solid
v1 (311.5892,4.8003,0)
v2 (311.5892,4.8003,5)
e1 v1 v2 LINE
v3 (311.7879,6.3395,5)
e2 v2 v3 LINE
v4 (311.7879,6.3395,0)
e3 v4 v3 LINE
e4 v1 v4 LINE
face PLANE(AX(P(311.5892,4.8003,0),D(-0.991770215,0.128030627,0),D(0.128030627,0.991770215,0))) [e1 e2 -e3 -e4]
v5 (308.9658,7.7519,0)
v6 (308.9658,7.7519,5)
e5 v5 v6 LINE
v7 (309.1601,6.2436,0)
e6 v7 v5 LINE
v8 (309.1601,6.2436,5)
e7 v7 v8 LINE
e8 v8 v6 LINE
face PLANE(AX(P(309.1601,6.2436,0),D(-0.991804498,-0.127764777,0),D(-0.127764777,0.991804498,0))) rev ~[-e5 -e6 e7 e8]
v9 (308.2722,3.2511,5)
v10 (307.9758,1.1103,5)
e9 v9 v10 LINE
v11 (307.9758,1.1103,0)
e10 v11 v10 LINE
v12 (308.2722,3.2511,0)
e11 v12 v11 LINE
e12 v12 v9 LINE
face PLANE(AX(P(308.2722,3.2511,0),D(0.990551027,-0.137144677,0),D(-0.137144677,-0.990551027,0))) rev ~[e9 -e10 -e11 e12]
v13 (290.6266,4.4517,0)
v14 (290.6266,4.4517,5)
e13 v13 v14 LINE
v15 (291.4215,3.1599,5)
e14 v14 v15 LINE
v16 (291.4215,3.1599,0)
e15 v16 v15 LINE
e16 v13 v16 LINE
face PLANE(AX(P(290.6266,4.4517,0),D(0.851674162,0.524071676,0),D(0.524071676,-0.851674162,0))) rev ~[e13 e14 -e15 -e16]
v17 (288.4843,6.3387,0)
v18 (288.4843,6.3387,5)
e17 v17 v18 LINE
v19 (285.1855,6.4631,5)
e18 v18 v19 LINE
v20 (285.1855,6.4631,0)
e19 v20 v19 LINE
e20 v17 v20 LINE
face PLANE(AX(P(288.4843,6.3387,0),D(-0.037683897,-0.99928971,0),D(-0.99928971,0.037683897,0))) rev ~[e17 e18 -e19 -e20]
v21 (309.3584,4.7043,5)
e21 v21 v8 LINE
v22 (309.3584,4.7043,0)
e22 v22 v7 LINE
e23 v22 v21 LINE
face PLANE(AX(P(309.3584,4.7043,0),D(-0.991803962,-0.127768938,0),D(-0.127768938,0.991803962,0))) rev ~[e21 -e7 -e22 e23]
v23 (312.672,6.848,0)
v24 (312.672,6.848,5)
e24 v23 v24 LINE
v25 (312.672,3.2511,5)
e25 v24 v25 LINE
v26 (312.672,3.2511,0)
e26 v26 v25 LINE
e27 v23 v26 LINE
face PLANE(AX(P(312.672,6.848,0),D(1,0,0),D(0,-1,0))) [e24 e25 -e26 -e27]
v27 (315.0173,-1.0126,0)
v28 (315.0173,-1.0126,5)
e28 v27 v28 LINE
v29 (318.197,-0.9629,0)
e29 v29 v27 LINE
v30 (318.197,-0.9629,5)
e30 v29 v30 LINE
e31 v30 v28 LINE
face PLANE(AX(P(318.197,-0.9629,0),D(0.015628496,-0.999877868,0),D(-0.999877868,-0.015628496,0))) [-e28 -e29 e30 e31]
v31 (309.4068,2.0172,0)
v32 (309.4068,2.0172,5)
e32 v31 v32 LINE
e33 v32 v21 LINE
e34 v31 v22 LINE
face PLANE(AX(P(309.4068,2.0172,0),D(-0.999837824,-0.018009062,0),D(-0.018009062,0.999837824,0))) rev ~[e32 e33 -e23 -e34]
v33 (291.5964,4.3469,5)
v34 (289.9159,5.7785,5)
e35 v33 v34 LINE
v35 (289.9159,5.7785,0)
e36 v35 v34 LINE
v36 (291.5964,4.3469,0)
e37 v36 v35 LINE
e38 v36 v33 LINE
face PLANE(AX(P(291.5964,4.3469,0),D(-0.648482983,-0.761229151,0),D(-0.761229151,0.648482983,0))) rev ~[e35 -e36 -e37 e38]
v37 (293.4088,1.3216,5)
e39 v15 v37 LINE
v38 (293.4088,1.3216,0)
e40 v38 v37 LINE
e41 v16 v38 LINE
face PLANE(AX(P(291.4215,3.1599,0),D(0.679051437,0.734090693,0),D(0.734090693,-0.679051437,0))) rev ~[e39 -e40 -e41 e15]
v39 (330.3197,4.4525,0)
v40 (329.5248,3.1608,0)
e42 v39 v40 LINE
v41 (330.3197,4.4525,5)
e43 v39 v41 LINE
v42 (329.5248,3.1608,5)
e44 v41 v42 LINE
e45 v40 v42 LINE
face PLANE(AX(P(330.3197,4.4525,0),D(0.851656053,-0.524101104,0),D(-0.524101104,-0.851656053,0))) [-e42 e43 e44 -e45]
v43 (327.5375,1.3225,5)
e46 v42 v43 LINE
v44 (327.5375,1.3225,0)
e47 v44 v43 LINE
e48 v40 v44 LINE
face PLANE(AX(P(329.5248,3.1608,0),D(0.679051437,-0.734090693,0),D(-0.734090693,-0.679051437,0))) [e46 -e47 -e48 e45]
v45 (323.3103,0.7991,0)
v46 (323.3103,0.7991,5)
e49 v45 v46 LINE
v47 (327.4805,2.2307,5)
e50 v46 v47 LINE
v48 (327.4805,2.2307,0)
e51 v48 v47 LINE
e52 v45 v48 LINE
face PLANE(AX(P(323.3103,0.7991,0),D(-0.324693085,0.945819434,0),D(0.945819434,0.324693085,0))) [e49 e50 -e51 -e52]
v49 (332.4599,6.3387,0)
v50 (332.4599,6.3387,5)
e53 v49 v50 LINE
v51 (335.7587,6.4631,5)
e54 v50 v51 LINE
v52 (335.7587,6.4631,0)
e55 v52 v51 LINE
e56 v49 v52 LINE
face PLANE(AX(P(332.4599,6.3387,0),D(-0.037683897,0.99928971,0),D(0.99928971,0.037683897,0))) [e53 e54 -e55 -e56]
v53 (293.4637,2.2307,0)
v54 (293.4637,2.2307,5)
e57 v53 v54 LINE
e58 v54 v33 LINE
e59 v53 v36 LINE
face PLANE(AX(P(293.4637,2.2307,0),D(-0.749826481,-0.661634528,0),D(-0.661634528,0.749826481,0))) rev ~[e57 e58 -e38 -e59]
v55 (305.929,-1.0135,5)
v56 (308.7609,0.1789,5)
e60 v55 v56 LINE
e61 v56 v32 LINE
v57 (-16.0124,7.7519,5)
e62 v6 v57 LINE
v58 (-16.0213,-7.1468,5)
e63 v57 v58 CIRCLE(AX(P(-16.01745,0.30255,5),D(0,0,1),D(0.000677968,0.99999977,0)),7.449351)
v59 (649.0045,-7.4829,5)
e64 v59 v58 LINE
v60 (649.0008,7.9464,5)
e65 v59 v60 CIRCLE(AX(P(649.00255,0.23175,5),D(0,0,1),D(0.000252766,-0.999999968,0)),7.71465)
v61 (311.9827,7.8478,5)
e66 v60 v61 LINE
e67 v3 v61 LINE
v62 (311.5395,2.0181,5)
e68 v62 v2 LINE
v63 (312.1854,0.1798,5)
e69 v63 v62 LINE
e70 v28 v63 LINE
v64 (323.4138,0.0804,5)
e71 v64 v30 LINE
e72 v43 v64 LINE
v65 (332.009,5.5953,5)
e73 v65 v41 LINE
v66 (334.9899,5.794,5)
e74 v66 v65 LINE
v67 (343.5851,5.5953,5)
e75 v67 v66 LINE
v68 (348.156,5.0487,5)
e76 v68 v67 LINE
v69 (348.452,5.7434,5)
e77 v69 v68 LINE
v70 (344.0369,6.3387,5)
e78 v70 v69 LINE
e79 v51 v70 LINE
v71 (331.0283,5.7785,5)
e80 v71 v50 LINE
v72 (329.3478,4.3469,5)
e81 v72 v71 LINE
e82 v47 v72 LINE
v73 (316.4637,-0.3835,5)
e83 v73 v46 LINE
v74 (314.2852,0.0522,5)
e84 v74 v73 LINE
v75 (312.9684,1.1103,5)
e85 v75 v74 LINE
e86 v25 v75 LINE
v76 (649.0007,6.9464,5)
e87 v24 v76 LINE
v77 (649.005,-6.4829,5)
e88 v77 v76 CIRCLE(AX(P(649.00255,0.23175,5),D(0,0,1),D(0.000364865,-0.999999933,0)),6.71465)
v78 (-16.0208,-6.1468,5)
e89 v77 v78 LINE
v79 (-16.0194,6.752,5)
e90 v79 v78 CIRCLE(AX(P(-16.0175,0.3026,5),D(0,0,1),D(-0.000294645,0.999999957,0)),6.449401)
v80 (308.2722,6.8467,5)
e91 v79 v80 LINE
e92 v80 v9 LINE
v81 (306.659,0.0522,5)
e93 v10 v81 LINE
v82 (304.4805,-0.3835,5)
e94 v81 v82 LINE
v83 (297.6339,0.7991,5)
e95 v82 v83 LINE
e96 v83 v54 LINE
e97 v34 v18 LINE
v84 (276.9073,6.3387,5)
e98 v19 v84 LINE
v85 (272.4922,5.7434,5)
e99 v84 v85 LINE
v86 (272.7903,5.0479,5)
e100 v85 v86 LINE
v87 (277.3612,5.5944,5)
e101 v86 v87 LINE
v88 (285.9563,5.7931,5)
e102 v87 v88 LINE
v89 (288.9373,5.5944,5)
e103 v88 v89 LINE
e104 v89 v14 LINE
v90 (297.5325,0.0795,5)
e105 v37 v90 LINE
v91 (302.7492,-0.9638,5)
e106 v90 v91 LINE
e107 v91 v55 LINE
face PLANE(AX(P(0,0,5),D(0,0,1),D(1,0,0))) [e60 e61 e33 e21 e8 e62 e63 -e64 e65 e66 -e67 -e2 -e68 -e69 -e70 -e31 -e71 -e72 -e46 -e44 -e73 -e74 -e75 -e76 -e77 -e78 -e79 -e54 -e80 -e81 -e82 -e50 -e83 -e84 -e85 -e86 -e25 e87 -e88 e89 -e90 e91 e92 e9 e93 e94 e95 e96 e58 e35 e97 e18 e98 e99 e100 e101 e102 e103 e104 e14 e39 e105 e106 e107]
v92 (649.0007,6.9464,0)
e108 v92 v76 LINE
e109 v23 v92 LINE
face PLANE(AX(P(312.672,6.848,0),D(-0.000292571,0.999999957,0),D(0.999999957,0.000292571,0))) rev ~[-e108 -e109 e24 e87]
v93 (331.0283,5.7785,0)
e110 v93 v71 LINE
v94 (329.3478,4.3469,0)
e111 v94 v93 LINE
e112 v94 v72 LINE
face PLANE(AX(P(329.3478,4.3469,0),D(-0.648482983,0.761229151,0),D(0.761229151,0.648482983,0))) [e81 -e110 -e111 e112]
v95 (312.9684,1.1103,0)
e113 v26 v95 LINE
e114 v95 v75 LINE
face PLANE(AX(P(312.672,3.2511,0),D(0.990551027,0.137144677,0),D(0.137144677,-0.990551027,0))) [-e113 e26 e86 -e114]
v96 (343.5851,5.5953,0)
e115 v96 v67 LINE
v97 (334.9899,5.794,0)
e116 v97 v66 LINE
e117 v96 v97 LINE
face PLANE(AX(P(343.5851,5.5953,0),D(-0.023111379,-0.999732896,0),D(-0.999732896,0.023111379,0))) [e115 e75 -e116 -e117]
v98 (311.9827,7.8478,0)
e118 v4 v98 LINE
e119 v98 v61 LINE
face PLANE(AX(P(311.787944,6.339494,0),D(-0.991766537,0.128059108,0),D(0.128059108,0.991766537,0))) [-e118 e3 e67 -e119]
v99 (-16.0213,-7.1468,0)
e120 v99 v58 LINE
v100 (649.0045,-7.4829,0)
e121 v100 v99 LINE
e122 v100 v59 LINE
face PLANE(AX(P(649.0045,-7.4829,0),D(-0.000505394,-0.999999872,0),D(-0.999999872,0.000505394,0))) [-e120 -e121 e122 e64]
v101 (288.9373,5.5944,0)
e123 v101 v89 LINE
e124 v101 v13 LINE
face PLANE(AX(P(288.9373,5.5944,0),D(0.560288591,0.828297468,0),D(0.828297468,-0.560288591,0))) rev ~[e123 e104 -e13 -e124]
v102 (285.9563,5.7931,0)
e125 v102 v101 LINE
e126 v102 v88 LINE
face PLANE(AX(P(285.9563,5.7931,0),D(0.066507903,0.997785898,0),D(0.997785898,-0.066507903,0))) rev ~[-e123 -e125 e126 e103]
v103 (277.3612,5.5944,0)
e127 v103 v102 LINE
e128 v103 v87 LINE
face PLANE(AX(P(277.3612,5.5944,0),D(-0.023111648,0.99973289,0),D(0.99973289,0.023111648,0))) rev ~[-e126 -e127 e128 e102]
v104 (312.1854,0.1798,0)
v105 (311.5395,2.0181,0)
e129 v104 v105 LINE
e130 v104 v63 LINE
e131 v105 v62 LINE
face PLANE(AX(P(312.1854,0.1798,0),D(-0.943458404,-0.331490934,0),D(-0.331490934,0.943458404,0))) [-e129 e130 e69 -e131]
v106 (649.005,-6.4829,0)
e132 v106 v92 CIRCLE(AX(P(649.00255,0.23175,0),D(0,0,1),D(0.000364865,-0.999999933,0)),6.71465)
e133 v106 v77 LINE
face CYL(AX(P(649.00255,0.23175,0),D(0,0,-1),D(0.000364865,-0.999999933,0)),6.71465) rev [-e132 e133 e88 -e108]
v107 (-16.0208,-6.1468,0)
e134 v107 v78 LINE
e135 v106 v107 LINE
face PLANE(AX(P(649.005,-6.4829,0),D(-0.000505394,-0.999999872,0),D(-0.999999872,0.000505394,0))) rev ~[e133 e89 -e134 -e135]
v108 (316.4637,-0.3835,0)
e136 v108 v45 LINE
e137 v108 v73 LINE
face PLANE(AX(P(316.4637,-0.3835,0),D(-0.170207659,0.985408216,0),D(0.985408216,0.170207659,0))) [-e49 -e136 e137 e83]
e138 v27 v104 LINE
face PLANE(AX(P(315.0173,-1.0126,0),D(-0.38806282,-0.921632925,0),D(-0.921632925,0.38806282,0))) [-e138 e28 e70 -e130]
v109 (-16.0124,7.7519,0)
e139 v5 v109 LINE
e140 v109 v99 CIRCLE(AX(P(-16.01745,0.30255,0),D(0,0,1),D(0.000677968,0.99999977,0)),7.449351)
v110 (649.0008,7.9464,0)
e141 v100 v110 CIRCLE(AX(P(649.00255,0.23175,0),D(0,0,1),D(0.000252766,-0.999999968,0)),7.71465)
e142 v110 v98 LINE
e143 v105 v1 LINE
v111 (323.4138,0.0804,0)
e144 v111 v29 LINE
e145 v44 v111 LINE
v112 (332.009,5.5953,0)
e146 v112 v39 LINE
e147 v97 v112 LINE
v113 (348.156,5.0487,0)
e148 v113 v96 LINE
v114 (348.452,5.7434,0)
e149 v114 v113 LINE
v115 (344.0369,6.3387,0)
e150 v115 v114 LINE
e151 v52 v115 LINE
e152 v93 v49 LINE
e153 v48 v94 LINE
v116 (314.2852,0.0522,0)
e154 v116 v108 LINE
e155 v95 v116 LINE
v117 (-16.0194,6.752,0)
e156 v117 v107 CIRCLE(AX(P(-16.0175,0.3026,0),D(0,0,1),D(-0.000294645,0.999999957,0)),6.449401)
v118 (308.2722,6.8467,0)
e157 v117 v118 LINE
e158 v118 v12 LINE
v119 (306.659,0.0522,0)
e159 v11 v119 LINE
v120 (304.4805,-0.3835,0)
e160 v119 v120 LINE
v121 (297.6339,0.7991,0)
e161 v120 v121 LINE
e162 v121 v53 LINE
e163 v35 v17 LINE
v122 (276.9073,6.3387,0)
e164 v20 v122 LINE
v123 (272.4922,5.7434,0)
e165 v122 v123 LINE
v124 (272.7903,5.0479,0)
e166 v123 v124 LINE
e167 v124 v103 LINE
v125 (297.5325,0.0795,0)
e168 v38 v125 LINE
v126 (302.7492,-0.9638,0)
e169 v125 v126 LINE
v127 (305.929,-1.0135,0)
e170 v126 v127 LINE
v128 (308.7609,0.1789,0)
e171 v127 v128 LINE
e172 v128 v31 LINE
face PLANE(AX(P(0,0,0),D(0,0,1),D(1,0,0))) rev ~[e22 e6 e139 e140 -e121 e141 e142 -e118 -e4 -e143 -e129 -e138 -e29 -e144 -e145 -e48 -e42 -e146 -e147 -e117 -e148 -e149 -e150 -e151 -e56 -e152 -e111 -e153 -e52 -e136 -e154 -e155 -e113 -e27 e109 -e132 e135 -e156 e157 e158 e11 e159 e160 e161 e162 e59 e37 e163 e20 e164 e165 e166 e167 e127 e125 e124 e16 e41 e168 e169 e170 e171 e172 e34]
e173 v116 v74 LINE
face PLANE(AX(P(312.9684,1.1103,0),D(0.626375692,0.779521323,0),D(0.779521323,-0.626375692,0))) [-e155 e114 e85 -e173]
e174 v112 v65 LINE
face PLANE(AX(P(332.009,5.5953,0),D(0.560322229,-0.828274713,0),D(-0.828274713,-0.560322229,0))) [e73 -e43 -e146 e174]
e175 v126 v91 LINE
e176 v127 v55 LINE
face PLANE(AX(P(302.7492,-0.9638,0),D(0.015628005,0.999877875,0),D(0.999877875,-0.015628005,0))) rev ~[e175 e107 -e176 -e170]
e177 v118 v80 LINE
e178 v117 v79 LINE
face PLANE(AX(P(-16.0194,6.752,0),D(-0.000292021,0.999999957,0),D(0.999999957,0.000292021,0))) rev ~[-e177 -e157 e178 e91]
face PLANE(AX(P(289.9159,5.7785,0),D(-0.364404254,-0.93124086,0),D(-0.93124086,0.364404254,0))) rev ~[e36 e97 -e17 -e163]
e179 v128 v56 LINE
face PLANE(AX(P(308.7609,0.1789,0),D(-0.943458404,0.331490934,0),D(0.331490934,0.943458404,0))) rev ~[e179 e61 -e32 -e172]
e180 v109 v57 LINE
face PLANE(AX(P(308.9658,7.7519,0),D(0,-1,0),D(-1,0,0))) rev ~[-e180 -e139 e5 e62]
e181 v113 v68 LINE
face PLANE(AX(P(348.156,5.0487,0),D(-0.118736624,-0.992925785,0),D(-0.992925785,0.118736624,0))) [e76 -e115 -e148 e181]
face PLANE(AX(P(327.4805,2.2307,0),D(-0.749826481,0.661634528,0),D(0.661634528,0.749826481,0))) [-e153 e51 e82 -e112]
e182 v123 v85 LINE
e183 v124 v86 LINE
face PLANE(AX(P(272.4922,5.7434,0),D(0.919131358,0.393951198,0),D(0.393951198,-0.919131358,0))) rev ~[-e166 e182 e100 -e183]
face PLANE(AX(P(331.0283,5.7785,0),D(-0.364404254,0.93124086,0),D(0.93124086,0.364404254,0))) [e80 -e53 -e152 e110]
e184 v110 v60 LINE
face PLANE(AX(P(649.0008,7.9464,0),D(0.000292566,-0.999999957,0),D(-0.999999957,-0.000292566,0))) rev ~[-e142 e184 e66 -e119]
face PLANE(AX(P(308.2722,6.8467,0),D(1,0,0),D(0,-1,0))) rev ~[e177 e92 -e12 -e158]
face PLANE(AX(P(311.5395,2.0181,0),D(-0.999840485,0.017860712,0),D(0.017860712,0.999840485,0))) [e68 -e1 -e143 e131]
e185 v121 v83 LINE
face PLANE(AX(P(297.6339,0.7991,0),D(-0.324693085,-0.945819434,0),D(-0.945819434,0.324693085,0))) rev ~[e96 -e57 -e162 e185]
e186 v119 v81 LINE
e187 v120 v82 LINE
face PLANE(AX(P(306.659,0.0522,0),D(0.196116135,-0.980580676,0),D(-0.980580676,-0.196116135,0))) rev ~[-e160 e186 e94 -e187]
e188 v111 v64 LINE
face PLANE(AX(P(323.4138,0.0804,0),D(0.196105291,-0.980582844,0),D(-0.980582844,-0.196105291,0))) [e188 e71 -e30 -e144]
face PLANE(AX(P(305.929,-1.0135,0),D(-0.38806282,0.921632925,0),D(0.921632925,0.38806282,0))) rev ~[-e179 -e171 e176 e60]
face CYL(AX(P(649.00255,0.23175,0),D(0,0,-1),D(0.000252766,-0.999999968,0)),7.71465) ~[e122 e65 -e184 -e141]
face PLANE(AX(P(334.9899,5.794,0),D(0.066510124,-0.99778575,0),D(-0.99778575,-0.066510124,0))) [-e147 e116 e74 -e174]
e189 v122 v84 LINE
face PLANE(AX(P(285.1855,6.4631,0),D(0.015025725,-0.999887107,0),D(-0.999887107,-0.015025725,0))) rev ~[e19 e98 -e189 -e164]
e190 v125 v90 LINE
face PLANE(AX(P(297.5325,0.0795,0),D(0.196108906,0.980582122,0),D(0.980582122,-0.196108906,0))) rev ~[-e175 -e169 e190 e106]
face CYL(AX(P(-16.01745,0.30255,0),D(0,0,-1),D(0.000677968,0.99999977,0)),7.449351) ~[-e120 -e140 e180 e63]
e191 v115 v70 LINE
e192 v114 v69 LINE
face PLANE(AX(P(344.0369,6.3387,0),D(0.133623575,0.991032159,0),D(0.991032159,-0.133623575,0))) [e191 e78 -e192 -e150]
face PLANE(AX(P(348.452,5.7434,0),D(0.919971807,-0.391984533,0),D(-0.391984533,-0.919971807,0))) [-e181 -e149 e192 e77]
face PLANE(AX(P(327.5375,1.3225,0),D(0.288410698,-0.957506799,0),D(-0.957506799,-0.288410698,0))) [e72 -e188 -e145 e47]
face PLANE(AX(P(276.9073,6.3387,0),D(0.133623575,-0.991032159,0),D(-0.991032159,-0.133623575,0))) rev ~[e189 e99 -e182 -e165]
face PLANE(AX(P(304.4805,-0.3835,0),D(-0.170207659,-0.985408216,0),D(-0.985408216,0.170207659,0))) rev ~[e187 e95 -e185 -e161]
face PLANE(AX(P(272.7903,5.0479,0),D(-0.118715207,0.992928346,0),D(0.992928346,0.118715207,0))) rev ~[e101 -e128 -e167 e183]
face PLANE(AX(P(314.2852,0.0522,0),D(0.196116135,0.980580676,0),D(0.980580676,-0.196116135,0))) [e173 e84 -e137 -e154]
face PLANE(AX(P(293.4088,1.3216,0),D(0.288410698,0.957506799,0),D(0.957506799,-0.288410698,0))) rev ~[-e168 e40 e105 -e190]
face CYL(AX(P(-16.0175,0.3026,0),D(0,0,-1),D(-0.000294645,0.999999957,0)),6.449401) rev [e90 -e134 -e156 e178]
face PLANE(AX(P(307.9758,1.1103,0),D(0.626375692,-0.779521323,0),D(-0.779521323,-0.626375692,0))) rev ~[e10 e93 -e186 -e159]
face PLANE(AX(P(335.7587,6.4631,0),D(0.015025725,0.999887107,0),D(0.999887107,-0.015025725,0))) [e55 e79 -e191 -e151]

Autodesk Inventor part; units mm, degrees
ref_plane "YZ Plane" through (0, 0, 0) normal (1, 0, 0) x (0, 1, 0)
ref_plane "XZ Plane" through (0, 0, 0) normal (0, 1, 0) x (-1, 0, 0)
ref_plane "XY Plane" through (0, 0, 0) normal (0, 0, 1) x (1, 0, 0)
sketch "Sketch1" plane through (0, 0, 0) normal (0, 0, 1) x (1, 0, 0)
  arc A0 (-16.0194, 6.752) -> (-16.0208, -6.1468) centre (-16.0175, 0.3026) ccw
  arc A1 (649.005, -6.4829) -> (649.0007, 6.9464) centre (649.0026, 0.2317) ccw
  line L0 (649.005, -6.4829) -> (-16.0208, -6.1468)
  arc A2 (649.0045, -7.4829) -> (649.0008, 7.9464) centre (649.0026, 0.2317) ccw
  line L1 (649.0008, 7.9464) -> (311.9827, 7.8478)
  line L2 (649.0045, -7.4829) -> (-16.0213, -7.1468)
  arc A3 (-16.0124, 7.7519) -> (-16.0213, -7.1468) centre (-16.0175, 0.3026) ccw
  line L3 (312.9758, 5.1048) -> (312.9758, 3.1737)
  line L4 (312.9758, 3.1737) -> (313.0166, 2.6809)
  line L5 (313.0166, 2.6809) -> (313.1377, 2.2016)
  line L6 (313.1377, 2.2016) -> (313.3359, 1.7486)
  line L7 (313.3359, 1.7486) -> (313.6059, 1.3343)
  line L8 (313.6059, 1.3343) -> (313.9402, 0.97)
  line L9 (313.9402, 0.97) -> (314.3298, 0.6656)
  line L10 (314.3298, 0.6656) -> (314.7641, 0.4293)
  line L11 (314.7641, 0.4293) -> (315.2314, 0.2675)
  line L12 (315.2314, 0.2675) -> (315.7189, 0.1847)
  line L13 (315.7189, 0.1847) -> (316.2133, 0.1831)
  line L14 (316.2133, 0.1831) -> (318.2319, 0.3939)
  line L15 (318.2319, 0.3939) -> (320.8327, 0.8165)
  line L16 (320.8327, 0.8165) -> (323.4008, 1.4058)
  line L17 (323.4008, 1.4058) -> (325.9257, 2.1591)
  line L18 (325.9257, 2.1591) -> (326.3565, 2.3413)
  line L19 (326.3565, 2.3413) -> (326.7537, 2.5883)
  line L20 (326.7537, 2.5883) -> (327.1077, 2.8941)
  line L21 (327.1077, 2.8941) -> (327.4099, 3.2511)
  line L22 (327.4099, 3.2511) -> (327.6529, 3.6508)
  line L23 (327.6529, 3.6508) -> (327.8308, 4.0834)
  line L24 (327.8308, 4.0834) -> (327.9394, 4.5384)
  line L25 (327.9394, 4.5384) -> (327.9758, 5.0047)
  line L26 (327.9758, 5.1048) -> (327.9758, 5.0047)
  line L27 (312.9758, 5.1048) -> (327.9758, 5.1048)
  line L28 (308.2722, 6.8467) -> (308.2722, 3.2511)
  line L29 (308.2722, 3.2511) -> (307.9758, 1.1103)
  line L30 (307.9758, 1.1103) -> (306.659, 0.0522)
  line L31 (306.659, 0.0522) -> (304.4805, -0.3835)
  line L32 (304.4805, -0.3835) -> (297.6339, 0.7991)
  line L33 (297.6339, 0.7991) -> (293.4637, 2.2307)
  line L34 (293.4637, 2.2307) -> (291.5964, 4.3469)
  line L35 (291.5964, 4.3469) -> (289.9159, 5.7785)
  line L36 (289.9159, 5.7785) -> (288.4843, 6.3387)
  line L37 (288.4843, 6.3387) -> (285.1855, 6.4631)
  line L38 (285.1855, 6.4631) -> (276.9073, 6.3387)
  line L39 (276.9073, 6.3387) -> (272.4922, 5.7434)
  line L40 (272.4922, 5.7434) -> (272.7903, 5.0479)
  line L41 (272.7903, 5.0479) -> (277.3612, 5.5944)
  line L42 (277.3612, 5.5944) -> (285.9563, 5.7931)
  line L43 (285.9563, 5.7931) -> (288.9373, 5.5944)
  line L44 (288.9373, 5.5944) -> (290.6266, 4.4517)
  line L45 (290.6266, 4.4517) -> (291.4215, 3.1599)
  line L46 (291.4215, 3.1599) -> (293.4088, 1.3216)
  line L47 (293.4088, 1.3216) -> (297.5325, 0.0795)
  line L48 (297.5325, 0.0795) -> (302.7492, -0.9638)
  line L49 (302.7492, -0.9638) -> (305.929, -1.0135)
  line L50 (305.929, -1.0135) -> (308.7609, 0.1789)
  line L51 (308.7609, 0.1789) -> (309.4068, 2.0172)
  line L52 (309.4068, 2.0172) -> (309.3584, 4.7043)
  line L53 (309.3584, 4.7043) -> (309.1601, 6.2436)
  line L54 (309.1601, 6.2436) -> (308.9658, 7.7519)
  line L55 (312.672, 6.848) -> (312.672, 3.2511)
  line L56 (312.672, 3.2511) -> (312.9684, 1.1103)
  line L57 (312.9684, 1.1103) -> (314.2852, 0.0522)
  line L58 (314.2852, 0.0522) -> (316.4637, -0.3835)
  line L59 (316.4637, -0.3835) -> (323.3103, 0.7991)
  line L60 (323.3103, 0.7991) -> (327.4805, 2.2307)
  line L61 (327.4805, 2.2307) -> (329.3478, 4.3469)
  line L62 (329.3478, 4.3469) -> (331.0283, 5.7785)
  line L63 (331.0283, 5.7785) -> (332.4599, 6.3387)
  line L64 (332.4599, 6.3387) -> (335.7587, 6.4631)
  line L65 (335.7587, 6.4631) -> (344.0369, 6.3387)
  line L66 (344.0369, 6.3387) -> (348.452, 5.7434)
  line L67 (348.452, 5.7434) -> (348.156, 5.0487)
  line L68 (348.156, 5.0487) -> (343.5851, 5.5953)
  line L69 (343.5851, 5.5953) -> (334.9899, 5.794)
  line L70 (334.9899, 5.794) -> (332.009, 5.5953)
  line L71 (332.009, 5.5953) -> (330.3197, 4.4525)
  line L72 (330.3197, 4.4525) -> (329.5248, 3.1608)
  line L73 (329.5248, 3.1608) -> (327.5375, 1.3225)
  line L74 (327.5375, 1.3225) -> (323.4138, 0.0804)
  line L75 (323.4138, 0.0804) -> (318.197, -0.9629)
  line L76 (318.197, -0.9629) -> (315.0173, -1.0126)
  line L77 (315.0173, -1.0126) -> (312.1854, 0.1798)
  line L78 (312.1854, 0.1798) -> (311.5395, 2.0181)
  line L79 (311.5395, 2.0181) -> (311.5892, 4.8003)
  line L80 (311.5892, 4.8003) -> (311.7879, 6.3395)
  line L81 (311.5892, 4.8003) -> (311.9827, 7.8478)
  line L82 (-16.0194, 6.752) -> (308.2722, 6.8467)
  line L83 (312.672, 6.848) -> (649.0007, 6.9464)
  line L84 (308.9658, 7.7519) -> (-16.0124, 7.7519)
  point P0 (0, 0)
  dimension "d1" = 1
extrude "Extrusion1" add sketch "Sketch1" along normal blind 5 contours A0 L0 A1 L83 L55 L56 L57 L58 L59 L60 L61 L62 L63 L64 L65 L66 L67 L68 L69 L70 L71 L72 L73 L74 L75 L76 L77 L78 L79 L80 L81 L1 A2 L2 A3 L84 L54 L53 L52 L51 L50 L49 L48 L47 L46 L45 L44 L43 L42 L41 L40 L39 L38 L37 L36 L35 L34 L33 L32 L31 L30 L29 L28 L82
properties part number "YBELT"
